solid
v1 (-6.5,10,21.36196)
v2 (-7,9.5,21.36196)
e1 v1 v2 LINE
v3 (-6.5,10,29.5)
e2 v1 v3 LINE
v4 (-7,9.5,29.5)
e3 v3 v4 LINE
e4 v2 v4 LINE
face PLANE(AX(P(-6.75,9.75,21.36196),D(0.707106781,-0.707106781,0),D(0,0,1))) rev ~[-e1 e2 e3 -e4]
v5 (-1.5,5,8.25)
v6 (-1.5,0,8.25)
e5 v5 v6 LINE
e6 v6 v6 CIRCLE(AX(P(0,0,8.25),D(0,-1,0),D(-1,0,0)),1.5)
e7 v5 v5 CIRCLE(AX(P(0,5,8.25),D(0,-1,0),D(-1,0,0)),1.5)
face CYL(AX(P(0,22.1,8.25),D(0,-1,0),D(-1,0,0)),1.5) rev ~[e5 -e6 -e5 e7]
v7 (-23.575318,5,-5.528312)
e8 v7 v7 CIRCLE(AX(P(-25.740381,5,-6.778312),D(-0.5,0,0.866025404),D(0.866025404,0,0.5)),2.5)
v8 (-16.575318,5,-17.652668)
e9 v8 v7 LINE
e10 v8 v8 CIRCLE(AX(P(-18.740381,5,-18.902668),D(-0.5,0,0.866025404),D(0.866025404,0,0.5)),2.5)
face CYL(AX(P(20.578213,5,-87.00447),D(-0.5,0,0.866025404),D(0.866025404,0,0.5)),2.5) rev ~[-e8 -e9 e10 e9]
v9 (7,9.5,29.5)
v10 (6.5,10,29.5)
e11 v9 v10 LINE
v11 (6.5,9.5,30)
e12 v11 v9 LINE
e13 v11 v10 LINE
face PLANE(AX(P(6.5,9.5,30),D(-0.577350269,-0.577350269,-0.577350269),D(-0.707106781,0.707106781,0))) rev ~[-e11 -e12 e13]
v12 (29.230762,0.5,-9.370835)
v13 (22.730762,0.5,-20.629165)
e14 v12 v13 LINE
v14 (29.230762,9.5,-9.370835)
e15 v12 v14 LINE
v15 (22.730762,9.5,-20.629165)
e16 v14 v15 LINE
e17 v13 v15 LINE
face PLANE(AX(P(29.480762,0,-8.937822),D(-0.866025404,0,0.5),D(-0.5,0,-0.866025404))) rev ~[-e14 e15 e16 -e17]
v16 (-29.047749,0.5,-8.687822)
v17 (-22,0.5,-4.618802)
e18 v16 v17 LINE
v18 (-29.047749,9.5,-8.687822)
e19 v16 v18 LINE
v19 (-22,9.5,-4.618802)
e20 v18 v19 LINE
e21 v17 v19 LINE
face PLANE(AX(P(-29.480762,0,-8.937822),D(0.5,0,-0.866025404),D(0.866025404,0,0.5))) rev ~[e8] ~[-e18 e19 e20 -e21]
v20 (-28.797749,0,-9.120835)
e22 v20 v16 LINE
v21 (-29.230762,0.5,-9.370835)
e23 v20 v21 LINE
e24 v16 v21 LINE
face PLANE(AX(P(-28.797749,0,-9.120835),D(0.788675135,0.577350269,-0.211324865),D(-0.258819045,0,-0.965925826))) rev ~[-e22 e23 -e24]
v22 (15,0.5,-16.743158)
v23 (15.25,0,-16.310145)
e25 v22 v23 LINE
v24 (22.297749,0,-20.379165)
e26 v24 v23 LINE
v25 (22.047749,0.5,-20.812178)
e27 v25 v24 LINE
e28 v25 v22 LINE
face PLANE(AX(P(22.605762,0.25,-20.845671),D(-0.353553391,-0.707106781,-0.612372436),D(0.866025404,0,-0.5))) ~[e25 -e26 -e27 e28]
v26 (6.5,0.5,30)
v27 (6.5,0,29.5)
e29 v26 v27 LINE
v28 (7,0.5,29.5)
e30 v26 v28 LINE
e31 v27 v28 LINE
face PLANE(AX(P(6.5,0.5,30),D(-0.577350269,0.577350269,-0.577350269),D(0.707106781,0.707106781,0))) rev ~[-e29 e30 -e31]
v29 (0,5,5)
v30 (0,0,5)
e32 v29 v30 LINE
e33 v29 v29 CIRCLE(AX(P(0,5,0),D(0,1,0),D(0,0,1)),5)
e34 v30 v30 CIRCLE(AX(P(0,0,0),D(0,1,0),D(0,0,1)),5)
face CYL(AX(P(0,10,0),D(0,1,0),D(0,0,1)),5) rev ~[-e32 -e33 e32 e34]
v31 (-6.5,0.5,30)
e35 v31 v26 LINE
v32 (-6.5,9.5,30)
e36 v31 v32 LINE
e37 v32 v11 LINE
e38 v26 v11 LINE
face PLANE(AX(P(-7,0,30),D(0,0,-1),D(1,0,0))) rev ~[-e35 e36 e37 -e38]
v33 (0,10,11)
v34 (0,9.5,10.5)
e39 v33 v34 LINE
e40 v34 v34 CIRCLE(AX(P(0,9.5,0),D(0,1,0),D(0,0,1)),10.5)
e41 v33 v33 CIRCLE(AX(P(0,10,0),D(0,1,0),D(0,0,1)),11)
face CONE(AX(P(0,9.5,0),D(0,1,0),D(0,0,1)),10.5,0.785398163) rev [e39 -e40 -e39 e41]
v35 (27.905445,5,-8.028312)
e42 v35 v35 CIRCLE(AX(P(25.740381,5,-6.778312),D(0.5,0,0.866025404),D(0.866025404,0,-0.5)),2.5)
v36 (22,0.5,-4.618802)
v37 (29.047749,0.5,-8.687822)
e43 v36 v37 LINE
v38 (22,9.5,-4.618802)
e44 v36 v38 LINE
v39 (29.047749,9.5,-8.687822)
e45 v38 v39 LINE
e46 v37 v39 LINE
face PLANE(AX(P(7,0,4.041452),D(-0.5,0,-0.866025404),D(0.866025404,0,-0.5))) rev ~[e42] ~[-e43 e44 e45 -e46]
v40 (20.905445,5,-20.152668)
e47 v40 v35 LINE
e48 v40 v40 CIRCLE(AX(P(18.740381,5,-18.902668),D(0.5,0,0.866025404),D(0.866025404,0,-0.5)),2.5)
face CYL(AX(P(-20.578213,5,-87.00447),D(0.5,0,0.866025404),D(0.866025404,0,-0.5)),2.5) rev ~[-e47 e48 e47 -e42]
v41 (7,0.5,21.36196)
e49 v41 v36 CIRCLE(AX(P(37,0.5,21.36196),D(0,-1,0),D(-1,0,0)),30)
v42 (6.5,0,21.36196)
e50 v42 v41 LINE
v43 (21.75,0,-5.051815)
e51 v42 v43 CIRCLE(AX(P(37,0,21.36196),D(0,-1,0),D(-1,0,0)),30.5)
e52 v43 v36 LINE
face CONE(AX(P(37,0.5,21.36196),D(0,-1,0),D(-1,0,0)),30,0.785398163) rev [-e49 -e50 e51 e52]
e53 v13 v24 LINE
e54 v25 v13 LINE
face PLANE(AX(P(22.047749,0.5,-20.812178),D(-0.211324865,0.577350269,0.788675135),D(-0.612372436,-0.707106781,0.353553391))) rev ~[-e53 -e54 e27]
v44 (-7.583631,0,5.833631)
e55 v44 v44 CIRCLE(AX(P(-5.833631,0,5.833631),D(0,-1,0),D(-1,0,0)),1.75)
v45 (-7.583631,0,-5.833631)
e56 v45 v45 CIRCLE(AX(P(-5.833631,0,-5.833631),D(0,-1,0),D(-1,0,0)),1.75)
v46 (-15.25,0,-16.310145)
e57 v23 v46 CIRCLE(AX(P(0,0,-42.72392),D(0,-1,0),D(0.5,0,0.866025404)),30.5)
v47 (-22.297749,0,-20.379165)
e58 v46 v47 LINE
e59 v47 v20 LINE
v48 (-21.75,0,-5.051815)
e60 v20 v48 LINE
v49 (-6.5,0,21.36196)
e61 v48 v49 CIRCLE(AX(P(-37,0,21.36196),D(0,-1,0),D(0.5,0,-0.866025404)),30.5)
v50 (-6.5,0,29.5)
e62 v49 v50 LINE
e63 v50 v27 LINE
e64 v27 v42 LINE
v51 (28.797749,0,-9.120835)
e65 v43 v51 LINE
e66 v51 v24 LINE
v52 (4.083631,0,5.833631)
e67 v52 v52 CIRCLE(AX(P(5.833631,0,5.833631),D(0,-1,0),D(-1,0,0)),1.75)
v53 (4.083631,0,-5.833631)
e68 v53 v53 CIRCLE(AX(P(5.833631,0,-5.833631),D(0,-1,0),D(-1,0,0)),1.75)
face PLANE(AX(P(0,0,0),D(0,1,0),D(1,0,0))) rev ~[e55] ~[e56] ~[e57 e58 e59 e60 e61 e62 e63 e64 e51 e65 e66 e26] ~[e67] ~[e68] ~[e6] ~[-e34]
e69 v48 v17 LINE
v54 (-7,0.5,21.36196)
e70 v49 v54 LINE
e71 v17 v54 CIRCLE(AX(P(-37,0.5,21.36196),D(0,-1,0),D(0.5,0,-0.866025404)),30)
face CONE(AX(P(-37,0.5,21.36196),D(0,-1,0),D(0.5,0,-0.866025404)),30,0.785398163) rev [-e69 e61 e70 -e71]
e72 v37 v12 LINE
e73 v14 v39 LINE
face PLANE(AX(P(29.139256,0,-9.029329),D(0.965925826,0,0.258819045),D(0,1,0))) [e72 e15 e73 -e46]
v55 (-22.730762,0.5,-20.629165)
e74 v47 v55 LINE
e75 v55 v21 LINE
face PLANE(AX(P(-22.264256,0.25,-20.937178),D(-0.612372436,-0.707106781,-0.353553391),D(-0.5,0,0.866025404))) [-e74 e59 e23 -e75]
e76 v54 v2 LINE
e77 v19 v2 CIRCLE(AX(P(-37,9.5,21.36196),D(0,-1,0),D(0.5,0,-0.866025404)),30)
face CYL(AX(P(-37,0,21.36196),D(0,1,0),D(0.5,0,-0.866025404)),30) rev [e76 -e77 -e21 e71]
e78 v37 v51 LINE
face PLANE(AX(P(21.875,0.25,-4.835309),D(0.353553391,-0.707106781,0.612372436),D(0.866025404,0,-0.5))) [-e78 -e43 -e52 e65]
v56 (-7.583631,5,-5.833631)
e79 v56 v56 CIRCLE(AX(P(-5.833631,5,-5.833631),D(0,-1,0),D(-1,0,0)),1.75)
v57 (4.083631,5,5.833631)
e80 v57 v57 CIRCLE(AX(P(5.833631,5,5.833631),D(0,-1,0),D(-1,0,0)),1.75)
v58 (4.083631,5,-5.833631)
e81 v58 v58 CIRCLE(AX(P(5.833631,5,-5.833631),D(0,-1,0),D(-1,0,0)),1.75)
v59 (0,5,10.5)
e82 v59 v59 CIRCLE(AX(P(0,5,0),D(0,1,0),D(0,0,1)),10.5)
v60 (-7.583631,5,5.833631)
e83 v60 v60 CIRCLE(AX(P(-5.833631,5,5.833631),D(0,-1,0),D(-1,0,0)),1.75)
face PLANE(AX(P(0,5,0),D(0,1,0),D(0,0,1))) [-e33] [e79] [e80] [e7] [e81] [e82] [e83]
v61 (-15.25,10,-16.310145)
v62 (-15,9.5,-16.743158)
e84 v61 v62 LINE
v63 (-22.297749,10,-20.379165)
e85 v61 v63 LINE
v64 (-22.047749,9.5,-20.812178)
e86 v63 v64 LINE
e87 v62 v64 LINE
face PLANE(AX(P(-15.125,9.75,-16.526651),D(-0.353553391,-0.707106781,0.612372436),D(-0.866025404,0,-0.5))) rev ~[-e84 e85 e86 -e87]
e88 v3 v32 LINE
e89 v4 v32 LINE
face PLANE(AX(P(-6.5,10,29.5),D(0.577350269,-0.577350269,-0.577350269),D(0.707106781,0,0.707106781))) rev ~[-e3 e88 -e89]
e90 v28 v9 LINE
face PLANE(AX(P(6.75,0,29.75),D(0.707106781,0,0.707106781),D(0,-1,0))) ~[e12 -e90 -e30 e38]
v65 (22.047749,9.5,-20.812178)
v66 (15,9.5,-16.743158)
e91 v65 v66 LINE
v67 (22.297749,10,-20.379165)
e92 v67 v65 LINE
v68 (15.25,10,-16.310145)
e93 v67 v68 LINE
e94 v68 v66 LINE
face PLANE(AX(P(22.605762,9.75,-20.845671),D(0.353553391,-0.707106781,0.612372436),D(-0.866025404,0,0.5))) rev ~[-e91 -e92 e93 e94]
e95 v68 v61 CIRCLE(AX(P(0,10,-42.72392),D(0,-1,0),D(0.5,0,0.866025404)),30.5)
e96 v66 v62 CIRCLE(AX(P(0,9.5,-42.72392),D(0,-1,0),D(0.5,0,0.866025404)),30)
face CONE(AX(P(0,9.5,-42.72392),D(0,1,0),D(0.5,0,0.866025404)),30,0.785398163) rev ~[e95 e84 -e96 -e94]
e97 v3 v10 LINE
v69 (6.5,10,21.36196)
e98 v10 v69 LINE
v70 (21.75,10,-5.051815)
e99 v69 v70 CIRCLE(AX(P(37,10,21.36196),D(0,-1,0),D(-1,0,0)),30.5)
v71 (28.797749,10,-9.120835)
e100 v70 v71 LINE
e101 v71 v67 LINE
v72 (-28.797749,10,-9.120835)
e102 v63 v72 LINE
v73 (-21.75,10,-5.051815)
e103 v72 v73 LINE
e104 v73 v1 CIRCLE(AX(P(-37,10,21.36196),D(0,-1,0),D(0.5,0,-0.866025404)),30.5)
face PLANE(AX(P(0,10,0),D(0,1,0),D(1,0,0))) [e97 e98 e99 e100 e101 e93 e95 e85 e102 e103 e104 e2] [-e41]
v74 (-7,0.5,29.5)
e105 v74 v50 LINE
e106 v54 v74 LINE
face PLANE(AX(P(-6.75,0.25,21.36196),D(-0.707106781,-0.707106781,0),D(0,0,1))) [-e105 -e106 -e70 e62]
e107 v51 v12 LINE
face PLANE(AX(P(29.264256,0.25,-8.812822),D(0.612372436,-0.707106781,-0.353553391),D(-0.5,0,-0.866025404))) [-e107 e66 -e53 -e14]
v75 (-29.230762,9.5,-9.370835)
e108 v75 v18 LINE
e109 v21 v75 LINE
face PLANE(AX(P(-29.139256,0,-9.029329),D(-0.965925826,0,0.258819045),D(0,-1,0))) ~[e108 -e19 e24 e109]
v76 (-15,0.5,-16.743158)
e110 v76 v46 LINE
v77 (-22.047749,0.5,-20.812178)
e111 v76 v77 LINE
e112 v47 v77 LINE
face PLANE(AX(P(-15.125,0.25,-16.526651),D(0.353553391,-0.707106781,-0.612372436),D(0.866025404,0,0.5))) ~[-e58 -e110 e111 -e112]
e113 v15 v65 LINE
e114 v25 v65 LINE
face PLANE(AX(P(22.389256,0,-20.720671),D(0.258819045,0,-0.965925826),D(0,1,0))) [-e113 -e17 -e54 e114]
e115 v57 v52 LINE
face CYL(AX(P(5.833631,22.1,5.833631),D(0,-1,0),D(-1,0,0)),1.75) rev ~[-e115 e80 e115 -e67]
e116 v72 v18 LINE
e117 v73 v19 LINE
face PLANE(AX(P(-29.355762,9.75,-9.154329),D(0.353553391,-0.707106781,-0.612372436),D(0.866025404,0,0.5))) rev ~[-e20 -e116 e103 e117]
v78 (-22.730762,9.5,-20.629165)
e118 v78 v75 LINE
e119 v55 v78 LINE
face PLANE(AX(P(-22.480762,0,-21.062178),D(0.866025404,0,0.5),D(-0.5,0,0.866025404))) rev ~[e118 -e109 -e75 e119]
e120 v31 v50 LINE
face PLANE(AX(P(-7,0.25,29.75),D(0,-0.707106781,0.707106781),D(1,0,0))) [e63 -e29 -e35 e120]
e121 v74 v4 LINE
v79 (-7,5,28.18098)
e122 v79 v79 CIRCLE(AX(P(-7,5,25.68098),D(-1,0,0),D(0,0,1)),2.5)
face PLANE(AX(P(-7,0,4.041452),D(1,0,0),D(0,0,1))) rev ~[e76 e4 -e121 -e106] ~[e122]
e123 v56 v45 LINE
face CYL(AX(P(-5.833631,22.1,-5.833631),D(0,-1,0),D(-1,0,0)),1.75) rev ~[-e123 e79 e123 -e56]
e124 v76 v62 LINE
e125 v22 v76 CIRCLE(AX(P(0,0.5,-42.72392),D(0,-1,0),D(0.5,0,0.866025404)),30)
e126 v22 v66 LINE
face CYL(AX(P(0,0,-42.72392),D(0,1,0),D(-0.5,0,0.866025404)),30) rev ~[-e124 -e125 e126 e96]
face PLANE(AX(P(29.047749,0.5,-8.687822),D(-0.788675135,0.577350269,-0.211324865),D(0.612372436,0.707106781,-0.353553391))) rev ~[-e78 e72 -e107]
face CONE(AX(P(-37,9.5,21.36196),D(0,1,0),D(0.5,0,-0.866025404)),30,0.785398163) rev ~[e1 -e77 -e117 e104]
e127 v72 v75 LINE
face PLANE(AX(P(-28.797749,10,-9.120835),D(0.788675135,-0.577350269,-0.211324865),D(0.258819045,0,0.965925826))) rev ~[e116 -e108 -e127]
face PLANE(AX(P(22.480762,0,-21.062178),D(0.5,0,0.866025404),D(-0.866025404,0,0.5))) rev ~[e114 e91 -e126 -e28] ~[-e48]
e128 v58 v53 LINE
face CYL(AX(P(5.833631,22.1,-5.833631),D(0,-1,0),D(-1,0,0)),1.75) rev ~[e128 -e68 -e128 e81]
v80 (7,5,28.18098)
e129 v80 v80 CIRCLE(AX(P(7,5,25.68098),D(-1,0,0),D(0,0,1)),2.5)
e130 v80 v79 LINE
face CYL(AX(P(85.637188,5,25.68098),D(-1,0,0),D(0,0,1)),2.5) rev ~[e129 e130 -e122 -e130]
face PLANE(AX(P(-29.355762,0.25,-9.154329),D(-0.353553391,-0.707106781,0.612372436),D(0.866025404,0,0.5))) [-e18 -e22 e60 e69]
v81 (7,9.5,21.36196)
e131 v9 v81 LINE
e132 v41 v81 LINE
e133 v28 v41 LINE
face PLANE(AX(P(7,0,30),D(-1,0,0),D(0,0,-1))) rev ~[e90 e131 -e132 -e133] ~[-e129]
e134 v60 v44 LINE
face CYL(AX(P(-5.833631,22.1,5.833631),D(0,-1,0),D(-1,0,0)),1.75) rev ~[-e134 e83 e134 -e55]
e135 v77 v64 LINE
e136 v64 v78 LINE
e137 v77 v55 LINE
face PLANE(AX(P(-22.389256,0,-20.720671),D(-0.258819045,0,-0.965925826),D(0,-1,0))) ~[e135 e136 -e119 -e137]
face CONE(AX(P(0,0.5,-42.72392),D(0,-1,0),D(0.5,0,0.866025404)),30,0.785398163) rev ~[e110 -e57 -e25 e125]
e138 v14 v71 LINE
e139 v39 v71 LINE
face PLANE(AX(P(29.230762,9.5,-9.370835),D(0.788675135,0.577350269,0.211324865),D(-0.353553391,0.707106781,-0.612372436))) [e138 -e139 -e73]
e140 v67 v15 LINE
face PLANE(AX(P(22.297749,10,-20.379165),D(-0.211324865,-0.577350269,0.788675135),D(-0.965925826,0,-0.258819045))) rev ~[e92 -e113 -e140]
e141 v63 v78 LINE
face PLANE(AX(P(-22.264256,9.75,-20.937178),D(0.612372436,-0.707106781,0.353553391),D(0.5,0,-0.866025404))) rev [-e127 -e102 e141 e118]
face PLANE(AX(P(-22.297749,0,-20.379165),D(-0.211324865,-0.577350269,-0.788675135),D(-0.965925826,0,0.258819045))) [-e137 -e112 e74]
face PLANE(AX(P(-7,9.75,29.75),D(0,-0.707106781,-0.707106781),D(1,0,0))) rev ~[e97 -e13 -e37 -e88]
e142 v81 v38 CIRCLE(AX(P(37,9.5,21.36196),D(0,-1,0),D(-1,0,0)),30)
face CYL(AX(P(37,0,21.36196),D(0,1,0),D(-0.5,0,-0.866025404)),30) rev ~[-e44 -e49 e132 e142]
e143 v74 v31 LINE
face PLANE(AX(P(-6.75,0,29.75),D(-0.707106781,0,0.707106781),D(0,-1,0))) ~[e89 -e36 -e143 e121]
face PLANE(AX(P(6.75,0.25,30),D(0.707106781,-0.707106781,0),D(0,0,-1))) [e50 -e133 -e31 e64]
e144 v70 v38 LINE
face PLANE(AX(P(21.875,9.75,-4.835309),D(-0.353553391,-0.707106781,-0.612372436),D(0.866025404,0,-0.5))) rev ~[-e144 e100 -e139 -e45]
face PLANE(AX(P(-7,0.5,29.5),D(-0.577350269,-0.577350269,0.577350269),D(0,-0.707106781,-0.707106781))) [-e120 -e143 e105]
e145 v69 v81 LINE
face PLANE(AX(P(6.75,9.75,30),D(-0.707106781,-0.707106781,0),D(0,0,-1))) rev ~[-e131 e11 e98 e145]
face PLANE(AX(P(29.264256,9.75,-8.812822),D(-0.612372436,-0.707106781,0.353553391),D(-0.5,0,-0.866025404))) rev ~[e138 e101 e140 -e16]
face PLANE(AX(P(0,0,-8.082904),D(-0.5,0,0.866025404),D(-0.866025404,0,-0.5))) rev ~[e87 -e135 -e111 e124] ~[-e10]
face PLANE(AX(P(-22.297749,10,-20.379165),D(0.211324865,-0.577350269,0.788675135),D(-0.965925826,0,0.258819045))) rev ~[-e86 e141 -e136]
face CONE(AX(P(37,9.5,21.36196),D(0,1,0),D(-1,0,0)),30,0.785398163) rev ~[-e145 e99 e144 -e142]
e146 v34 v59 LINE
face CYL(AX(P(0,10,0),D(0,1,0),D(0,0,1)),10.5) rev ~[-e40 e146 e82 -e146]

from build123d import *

# Parameters (mm, degrees)
BOSS_EXTRUDE1_DEPTH       = 10
SKETCH8_R                 = 5
CUT_EXTRUDE1_DEPTH        = 44.233266529
FILLET1_R                 = 30
M6X1_0_TAPPED_HOLE1_D     = 5
M6X1_0_TAPPED_HOLE2_D     = 5
M6X1_0_TAPPED_HOLE3_D     = 5
M3_CLEARANCE_HOLE2_D      = 3.5
M3_CLEARANCE_HOLE2_DEPTH  = 12.1
M3_CLEARANCE_HOLE2_TIP    = 1.051506083
F_3_0MM_DOWEL_HOLE2_D     = 3
F_3_0MM_DOWEL_HOLE2_DEPTH = 12.1
F_3_0MM_DOWEL_HOLE2_TIP   = 0.901290929
SKETCH29_R                = 10.5
CUT_EXTRUDE2_DEPTH        = 5
CHAMFER2_SIZE             = 0.5


with BuildPart() as part:
    # Sketch2 → Boss-Extrude1 (new body)
    with BuildSketch(Plane(origin=(0, 0, 0), x_dir=(1, 0, 0), z_dir=(0, 1, 0))):
        Polygon((-22.480762114, 21.062177826), (-29.480762114, 8.937822174), (-7, -4.041451884), (-7, -30), (7, -30), (7, -4.041451884), (29.480762114, 8.937822174), (22.480762114, 21.062177826), (0, 8.082903769), align=None)
    extrude(amount=BOSS_EXTRUDE1_DEPTH)

    # Sketch8 → Cut-Extrude1 (cut, through all)
    with BuildSketch(Plane(origin=(0, 10, 0), x_dir=(1, 0, 0), z_dir=(0, 1, 0))):
        with Locations(Location((0, 0, 0), (0, 0, 270))):
            Circle(SKETCH8_R)
    extrude(amount=-CUT_EXTRUDE1_DEPTH, mode=Mode.SUBTRACT)

    # Fillet1
    fillet1_edges = [part.edges().sort_by_distance(p)[0] for p in [
        (-7, 5, 4.041451884),
        (0, 5, -8.082903769),
        (7, 5, 4.041451884),
    ]]
    fillet(fillet1_edges, radius=FILLET1_R)

    # M6x1.0 Tapped Hole1 (through all)
    with Locations(Plane(origin=(-3.5, 0, -6.062177826), x_dir=(-0.8660254037844384, 0, 0.5000000000000007), z_dir=(-0.5000000000000007, 0, -0.8660254037844384))):
        with Locations((-25.68097998, 5)):
            Hole(M6X1_0_TAPPED_HOLE1_D / 2)

    # M6x1.0 Tapped Hole2 (through all)
    with Locations(Plane(origin=(3.5, 0, -6.062177826), x_dir=(-0.8660254037844383, 0, -0.5000000000000009), z_dir=(0.5000000000000008, 0, -0.8660254037844382))):
        with Locations((25.68097998, 5)):
            Hole(M6X1_0_TAPPED_HOLE2_D / 2)

    # M6x1.0 Tapped Hole3 (through all)
    with Locations(Plane(origin=(7, 0, 0), x_dir=(0, 0, -1), z_dir=(1, 0, 0))):
        with Locations((-25.68097998, 5)):
            Hole(M6X1_0_TAPPED_HOLE3_D / 2)

    # M3 Clearance Hole2
    with Locations(Plane(origin=(0, 10, 0), x_dir=(1, 0, 0), z_dir=(0, 1, 0))):
        with Locations((5.833630945, 5.833630945), (5.833630945, -5.833630945), (-5.833630945, -5.833630945), (-5.833630945, 5.833630945), (0, 0)):
            Hole(M3_CLEARANCE_HOLE2_D / 2, depth=M3_CLEARANCE_HOLE2_DEPTH)
            with Locations((0, 0, -(M3_CLEARANCE_HOLE2_DEPTH + M3_CLEARANCE_HOLE2_TIP / 2))):  # 118° drill point
                Cone(0, M3_CLEARANCE_HOLE2_D / 2, M3_CLEARANCE_HOLE2_TIP, mode=Mode.SUBTRACT)

    # Ø3.0mm Dowel Hole2
    with Locations(Plane(origin=(0, 10, 0), x_dir=(1, 0, 0), z_dir=(0, 1, 0))):
        with Locations((0, -8.25)):
            Hole(F_3_0MM_DOWEL_HOLE2_D / 2, depth=F_3_0MM_DOWEL_HOLE2_DEPTH)
            with Locations((0, 0, -(F_3_0MM_DOWEL_HOLE2_DEPTH + F_3_0MM_DOWEL_HOLE2_TIP / 2))):  # 118° drill point
                Cone(0, F_3_0MM_DOWEL_HOLE2_D / 2, F_3_0MM_DOWEL_HOLE2_TIP, mode=Mode.SUBTRACT)

    # Sketch29 → Cut-Extrude2 (cut)
    with BuildSketch(Plane(origin=(0, 10, 0), x_dir=(1, 0, 0), z_dir=(0, 1, 0))):
        with Locations(Location((0, 0, 0), (0, 0, 270))):
            Circle(SKETCH29_R)
    extrude(amount=-CUT_EXTRUDE2_DEPTH, mode=Mode.SUBTRACT)

    # Chamfer2
    chamfer2_edges = [part.edges().sort_by_distance(p)[0] for p in [
        (7, 10, 25.68097998),
        (25.980762114, 0, -15),
        (7, 0, 25.68097998),
        (0, 10, -10.5),
        (0, 0, 30),
        (-29.480762114, 5, -8.937822174),
        (-22.480762114, 5, -21.062177826),
        (22.480762114, 5, -21.062177826),
        (29.480762114, 5, -8.937822174),
        (7, 5, 30),
        (-7, 5, 30),
        (25.980762114, 10, -15),
        (18.740381057, 10, -18.902667816),
        (-25.980762114, 10, -15),
        (-25.740381057, 10, -6.778312164),
        (25.740381057, 0, -6.778312164),
        (25.740381057, 10, -6.778312164),
        (-7, 0, 25.68097998),
        (-7, 10, 25.68097998),
        (-18.740381057, 0, -18.902667816),
        (-18.740381057, 10, -18.902667816),
        (11.019237886, 0, 6.36195996),
        (11.019237886, 10, 6.36195996),
        (-11.019237886, 0, 6.36195996),
        (-11.019237886, 10, 6.36195996),
        (0, 0, -12.72391992),
        (0, 10, -12.72391992),
        (0, 10, 30),
        (-25.740381057, 0, -6.778312164),
        (-25.980762114, 0, -15),
        (18.740381057, 0, -18.902667816),
    ]]
    chamfer(chamfer2_edges, length=CHAMFER2_SIZE)


solid = part.part
